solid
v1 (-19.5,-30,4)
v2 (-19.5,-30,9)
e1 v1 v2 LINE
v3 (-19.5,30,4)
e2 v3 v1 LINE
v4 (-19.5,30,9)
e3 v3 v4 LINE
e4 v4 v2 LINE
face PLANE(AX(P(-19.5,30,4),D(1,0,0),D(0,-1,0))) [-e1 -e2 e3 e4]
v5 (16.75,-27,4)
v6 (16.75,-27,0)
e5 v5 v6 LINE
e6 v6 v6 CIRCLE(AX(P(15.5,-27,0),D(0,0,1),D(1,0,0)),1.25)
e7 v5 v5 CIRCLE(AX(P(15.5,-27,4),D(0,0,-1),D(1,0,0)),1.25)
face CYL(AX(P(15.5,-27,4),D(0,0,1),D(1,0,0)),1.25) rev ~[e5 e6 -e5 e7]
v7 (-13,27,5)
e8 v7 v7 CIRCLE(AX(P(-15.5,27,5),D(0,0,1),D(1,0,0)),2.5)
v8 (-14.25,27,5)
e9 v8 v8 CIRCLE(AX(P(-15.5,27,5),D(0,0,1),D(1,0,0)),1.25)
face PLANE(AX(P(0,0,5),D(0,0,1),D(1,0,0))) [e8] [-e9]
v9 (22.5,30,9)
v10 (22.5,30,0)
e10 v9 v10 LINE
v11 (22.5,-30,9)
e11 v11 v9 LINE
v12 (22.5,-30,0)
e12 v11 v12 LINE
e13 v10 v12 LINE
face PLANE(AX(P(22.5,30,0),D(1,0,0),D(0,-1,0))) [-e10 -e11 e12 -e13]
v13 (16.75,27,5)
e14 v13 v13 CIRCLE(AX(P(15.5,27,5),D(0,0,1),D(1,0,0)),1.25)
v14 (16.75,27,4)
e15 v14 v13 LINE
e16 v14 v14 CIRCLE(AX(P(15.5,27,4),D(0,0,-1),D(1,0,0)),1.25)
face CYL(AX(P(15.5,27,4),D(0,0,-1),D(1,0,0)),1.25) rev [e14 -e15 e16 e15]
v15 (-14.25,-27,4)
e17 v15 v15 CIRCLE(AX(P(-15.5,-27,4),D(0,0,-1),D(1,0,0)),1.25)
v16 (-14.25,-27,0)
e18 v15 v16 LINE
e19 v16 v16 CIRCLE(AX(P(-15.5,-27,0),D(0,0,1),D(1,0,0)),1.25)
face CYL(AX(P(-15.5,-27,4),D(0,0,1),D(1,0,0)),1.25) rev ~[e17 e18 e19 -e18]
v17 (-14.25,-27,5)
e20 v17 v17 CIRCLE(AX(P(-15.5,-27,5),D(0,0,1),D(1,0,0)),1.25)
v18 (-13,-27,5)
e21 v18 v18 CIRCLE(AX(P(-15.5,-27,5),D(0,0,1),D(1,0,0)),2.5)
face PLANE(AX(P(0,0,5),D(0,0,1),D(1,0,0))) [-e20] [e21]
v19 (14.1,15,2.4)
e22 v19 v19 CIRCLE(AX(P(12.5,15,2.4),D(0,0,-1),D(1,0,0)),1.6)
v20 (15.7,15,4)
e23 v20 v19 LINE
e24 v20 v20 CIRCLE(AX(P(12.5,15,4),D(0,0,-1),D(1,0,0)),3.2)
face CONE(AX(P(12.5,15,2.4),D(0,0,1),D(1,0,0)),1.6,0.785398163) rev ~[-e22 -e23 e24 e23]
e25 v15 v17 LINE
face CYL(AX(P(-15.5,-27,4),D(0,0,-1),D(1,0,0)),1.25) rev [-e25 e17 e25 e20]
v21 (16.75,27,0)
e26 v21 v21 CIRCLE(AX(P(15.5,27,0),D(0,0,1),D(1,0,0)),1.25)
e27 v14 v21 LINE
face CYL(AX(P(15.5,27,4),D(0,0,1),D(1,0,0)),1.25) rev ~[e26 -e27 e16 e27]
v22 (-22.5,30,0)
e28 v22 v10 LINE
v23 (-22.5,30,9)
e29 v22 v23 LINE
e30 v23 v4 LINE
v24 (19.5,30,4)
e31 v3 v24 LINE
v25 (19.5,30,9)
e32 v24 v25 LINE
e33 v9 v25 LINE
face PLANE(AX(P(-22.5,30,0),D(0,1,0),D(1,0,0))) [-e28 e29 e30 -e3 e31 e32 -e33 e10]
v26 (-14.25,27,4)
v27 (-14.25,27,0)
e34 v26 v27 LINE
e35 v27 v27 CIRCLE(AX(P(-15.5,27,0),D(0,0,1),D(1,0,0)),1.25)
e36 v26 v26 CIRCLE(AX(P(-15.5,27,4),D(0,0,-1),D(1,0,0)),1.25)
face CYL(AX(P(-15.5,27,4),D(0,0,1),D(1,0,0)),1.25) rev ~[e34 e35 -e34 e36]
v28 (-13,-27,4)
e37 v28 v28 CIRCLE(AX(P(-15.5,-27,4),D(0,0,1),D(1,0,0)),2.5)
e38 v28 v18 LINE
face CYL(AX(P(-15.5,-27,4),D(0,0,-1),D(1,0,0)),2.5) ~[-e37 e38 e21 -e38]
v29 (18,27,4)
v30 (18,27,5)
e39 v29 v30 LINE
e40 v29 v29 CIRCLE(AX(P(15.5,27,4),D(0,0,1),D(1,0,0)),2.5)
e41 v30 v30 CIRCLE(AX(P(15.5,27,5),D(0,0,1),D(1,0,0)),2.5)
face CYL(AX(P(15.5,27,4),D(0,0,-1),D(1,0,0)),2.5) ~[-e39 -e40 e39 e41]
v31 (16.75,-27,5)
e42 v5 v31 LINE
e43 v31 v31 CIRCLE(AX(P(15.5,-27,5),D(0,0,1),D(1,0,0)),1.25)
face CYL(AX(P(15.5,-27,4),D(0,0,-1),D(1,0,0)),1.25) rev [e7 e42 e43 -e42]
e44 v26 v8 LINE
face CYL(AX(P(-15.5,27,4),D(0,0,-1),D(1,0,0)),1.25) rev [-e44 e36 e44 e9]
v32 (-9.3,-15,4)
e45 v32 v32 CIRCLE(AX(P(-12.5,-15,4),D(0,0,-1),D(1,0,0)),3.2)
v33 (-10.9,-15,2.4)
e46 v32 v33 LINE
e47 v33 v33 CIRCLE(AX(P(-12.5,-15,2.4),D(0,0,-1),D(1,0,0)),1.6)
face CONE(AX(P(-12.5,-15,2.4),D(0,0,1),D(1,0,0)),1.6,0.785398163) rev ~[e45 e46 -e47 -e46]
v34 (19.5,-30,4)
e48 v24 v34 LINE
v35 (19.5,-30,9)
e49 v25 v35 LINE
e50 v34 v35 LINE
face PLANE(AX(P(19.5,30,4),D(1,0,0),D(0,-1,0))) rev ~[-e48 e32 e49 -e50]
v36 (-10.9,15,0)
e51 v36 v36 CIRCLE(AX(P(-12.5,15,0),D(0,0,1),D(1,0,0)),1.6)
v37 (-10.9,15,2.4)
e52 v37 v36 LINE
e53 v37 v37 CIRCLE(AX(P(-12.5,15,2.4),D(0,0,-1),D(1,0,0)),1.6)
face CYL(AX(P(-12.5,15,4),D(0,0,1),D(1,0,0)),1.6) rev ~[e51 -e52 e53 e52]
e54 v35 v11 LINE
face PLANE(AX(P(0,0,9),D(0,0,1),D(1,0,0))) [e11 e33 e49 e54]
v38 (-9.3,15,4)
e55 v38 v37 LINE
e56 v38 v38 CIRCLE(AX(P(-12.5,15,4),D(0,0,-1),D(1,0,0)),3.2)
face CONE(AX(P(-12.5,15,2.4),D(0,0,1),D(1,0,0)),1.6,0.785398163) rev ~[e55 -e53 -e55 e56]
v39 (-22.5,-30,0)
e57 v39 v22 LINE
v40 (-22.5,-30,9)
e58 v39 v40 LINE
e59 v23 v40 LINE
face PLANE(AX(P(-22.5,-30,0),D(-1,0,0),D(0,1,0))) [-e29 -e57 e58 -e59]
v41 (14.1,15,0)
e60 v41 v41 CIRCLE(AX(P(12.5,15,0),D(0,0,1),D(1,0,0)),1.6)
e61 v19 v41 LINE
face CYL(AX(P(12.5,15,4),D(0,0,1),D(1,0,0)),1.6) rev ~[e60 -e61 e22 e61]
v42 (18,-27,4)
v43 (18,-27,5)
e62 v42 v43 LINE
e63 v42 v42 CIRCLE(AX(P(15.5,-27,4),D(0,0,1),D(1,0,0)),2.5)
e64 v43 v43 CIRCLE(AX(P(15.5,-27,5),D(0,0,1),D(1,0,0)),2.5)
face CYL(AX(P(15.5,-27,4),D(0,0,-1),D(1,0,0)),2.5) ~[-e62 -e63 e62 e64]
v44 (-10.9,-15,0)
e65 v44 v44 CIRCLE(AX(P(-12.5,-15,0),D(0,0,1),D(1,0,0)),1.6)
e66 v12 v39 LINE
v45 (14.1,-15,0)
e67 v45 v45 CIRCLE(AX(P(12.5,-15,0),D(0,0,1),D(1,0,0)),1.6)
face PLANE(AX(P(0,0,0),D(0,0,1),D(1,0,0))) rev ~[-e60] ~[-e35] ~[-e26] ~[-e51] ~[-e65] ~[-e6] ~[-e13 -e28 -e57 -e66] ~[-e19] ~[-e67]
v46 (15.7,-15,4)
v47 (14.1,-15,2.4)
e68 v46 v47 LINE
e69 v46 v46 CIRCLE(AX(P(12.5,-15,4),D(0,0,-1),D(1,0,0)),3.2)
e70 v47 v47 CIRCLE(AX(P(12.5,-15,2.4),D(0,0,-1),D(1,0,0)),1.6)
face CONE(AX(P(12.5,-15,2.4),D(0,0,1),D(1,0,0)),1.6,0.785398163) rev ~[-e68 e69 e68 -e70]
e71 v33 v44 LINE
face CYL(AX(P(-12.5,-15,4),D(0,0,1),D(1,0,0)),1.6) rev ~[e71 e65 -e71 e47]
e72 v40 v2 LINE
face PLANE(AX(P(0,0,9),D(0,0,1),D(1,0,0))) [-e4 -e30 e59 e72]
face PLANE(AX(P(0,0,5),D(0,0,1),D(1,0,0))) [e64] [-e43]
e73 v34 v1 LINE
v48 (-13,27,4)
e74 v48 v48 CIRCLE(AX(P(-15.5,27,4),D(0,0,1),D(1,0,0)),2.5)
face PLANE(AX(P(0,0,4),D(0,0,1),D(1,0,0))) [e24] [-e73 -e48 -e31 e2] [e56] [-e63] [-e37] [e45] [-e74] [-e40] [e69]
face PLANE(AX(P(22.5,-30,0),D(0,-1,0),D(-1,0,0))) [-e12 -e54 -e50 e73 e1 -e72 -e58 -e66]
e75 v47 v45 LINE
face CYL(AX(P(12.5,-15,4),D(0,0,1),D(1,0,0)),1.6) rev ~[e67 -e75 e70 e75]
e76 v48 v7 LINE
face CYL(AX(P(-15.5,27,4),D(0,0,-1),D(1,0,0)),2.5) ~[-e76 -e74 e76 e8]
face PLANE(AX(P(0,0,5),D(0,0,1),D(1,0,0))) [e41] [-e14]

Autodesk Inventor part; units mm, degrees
ref_plane "YZ Plane" through (0, 0, 0) normal (1, 0, 0) x (0, 1, 0)
ref_plane "XZ Plane" through (0, 0, 0) normal (0, 1, 0) x (-1, 0, 0)
ref_plane "XY Plane" through (0, 0, 0) normal (0, 0, 1) x (1, 0, 0)
sketch "스케치1" plane through (0, 0, 0) normal (0, 0, 1) x (1, 0, 0)
  line L0 (-22.5, 30) -> (22.5, 30)
  line L1 (22.5, 30) -> (22.5, -30)
  line L2 (22.5, -30) -> (-22.5, -30)
  line L3 (-22.5, -30) -> (-22.5, 30)
  point P0 (0, 0)
  dimension "d0" = 45
  dimension "d1" = 60
  dimension "d2" = 30
  dimension "d3" = 22.5
extrude "돌출1" add sketch "스케치1" along normal blind 4
sketch "스케치2" plane through (0, 0, 4) normal (0, 0, 1) x (1, 0, 0)
  line L0 (-15.5, 27) -> (15.5, 27)
  line L1 (15.5, 27) -> (15.5, -27)
  line L2 (15.5, -27) -> (-15.5, -27)
  line L3 (-15.5, -27) -> (-15.5, 27)
  circle A0 centre (-15.5, 27) radius 1.25
  circle A1 centre (15.5, 27) radius 1.25
  circle A2 centre (-15.5, -27) radius 1.25
  circle A3 centre (15.5, -27) radius 1.25
  point P0 (0, 0)
  dimension "d6" = 31
  dimension "d7" = 54
  dimension "d8" = 15.5
  dimension "d9" = 27
  dimension "d10" = 2.5
  dimension "d11" = 2.5
  dimension "d12" = 2.5
  dimension "d13" = 2.5
extrude "돌출2" cut sketch "스케치2" against normal up to surface (4 mm away) contours L3 A0 L0 | L0 A0 L3 | A1 L1 L0 | L0 L1 A1 | A2 L2 L3 | L3 L2 A2 | A3 L2 L1 | L1 L2 A3
sketch "스케치3" plane through (0, 0, 4) normal (0, 0, 1) x (1, 0, 0)
  line L0 (-22.5, 30) -> (-22.5, -30) projected
  line L1 (-22.5, -30) -> (22.5, -30) projected
  line L2 (-22.5, 30) -> (-19.5, 30)
  line L3 (-19.5, 30) -> (-19.5, -30)
  line L4 (-19.5, -30) -> (-22.5, -30)
  line L5 (-22.5, -30) -> (-22.5, 30)
  line L6 (22.5, 30) -> (-22.5, 30) projected
  line L7 (22.5, 30) -> (19.5, 30)
  line L8 (19.5, 30) -> (19.5, -30)
  line L9 (19.5, -30) -> (22.5, -30)
  line L10 (22.5, -30) -> (22.5, 30)
  point P0 (0, 0)
  dimension "d16" = 3
  dimension "d17" = 3
extrude "돌출3" add sketch "스케치3" along normal blind 5 contours L2 L3 L1 L0 | L6 L10 L1 L8
sketch "스케치4" plane through (0, 0, 4) normal (0, 0, 1) x (1, 0, 0)
  circle A0 centre (-15.5, 27) radius 1.25 projected
  circle A1 centre (15.5, 27) radius 1.25 projected
  circle A2 centre (15.5, -27) radius 1.25 projected
  circle A3 centre (-15.5, -27) radius 1.25 projected
  circle A4 centre (-15.5, 27) radius 2.5
  circle A5 centre (-15.5, 27) radius 1.25
  circle A6 centre (15.5, 27) radius 2.5
  circle A7 centre (15.5, 27) radius 1.25
  circle A8 centre (15.5, -27) radius 2.5
  circle A9 centre (15.5, -27) radius 1.25
  circle A10 centre (-15.5, -27) radius 2.5
  circle A11 centre (-15.5, -27) radius 1.25
  point P0 (0, 0)
  dimension "d20" = 5
  dimension "d21" = 2.5
  dimension "d22" = 5
  dimension "d23" = 2.5
  dimension "d24" = 5
  dimension "d25" = 2.5
  dimension "d26" = 5
  dimension "d27" = 2.5
extrude "돌출4" add sketch "스케치4" along normal blind 1
sketch "스케치5" plane through (0, 0, 4) normal (0, 0, 1) x (1, 0, 0)
  line L0 (-12.5, 15) -> (12.5, 15)
  line L1 (12.5, 15) -> (12.5, -15)
  line L2 (12.5, -15) -> (-12.5, -15)
  line L3 (-12.5, -15) -> (-12.5, 15)
  circle A0 centre (-12.5, 15) radius 1.6
  circle A1 centre (12.5, 15) radius 1.6
  circle A2 centre (-12.5, -15) radius 1.6
  circle A3 centre (12.5, -15) radius 1.6
  point P0 (0, 0)
  dimension "d30" = 25
  dimension "d31" = 30
  dimension "d32" = 15
  dimension "d33" = 12.5
  dimension "d34" = 3.2
  dimension "d35" = 3.2
  dimension "d36" = 3.2
  dimension "d37" = 3.2
extrude "돌출5" cut sketch "스케치5" against normal up to surface (4 mm away) contours L3 A0 L0 | L0 A0 L3 | A1 L1 L0 | L0 L1 A1 | A2 L2 L3 | L3 L2 A2 | A3 L2 L1 | L1 L2 A3
chamfer "모따기1" distance 1.6 angle 45 4 edges at (10.9, -15, 4) (-14.1, -15, 4) (10.9, 15, 4) (-14.1, 15, 4)
equation "\"d2\" = 0.5 * d1"
equation "\"d3\" = 0.5 * d0"
equation "\"d8\" = 0.5 * d6"
equation "\"d9\" = 0.5 * d7"
equation "\"d32\" = 0.5 * d31"
equation "\"d33\" = 0.5 * d30"
properties part number "회로프레임" material "LCP 플라스틱"
